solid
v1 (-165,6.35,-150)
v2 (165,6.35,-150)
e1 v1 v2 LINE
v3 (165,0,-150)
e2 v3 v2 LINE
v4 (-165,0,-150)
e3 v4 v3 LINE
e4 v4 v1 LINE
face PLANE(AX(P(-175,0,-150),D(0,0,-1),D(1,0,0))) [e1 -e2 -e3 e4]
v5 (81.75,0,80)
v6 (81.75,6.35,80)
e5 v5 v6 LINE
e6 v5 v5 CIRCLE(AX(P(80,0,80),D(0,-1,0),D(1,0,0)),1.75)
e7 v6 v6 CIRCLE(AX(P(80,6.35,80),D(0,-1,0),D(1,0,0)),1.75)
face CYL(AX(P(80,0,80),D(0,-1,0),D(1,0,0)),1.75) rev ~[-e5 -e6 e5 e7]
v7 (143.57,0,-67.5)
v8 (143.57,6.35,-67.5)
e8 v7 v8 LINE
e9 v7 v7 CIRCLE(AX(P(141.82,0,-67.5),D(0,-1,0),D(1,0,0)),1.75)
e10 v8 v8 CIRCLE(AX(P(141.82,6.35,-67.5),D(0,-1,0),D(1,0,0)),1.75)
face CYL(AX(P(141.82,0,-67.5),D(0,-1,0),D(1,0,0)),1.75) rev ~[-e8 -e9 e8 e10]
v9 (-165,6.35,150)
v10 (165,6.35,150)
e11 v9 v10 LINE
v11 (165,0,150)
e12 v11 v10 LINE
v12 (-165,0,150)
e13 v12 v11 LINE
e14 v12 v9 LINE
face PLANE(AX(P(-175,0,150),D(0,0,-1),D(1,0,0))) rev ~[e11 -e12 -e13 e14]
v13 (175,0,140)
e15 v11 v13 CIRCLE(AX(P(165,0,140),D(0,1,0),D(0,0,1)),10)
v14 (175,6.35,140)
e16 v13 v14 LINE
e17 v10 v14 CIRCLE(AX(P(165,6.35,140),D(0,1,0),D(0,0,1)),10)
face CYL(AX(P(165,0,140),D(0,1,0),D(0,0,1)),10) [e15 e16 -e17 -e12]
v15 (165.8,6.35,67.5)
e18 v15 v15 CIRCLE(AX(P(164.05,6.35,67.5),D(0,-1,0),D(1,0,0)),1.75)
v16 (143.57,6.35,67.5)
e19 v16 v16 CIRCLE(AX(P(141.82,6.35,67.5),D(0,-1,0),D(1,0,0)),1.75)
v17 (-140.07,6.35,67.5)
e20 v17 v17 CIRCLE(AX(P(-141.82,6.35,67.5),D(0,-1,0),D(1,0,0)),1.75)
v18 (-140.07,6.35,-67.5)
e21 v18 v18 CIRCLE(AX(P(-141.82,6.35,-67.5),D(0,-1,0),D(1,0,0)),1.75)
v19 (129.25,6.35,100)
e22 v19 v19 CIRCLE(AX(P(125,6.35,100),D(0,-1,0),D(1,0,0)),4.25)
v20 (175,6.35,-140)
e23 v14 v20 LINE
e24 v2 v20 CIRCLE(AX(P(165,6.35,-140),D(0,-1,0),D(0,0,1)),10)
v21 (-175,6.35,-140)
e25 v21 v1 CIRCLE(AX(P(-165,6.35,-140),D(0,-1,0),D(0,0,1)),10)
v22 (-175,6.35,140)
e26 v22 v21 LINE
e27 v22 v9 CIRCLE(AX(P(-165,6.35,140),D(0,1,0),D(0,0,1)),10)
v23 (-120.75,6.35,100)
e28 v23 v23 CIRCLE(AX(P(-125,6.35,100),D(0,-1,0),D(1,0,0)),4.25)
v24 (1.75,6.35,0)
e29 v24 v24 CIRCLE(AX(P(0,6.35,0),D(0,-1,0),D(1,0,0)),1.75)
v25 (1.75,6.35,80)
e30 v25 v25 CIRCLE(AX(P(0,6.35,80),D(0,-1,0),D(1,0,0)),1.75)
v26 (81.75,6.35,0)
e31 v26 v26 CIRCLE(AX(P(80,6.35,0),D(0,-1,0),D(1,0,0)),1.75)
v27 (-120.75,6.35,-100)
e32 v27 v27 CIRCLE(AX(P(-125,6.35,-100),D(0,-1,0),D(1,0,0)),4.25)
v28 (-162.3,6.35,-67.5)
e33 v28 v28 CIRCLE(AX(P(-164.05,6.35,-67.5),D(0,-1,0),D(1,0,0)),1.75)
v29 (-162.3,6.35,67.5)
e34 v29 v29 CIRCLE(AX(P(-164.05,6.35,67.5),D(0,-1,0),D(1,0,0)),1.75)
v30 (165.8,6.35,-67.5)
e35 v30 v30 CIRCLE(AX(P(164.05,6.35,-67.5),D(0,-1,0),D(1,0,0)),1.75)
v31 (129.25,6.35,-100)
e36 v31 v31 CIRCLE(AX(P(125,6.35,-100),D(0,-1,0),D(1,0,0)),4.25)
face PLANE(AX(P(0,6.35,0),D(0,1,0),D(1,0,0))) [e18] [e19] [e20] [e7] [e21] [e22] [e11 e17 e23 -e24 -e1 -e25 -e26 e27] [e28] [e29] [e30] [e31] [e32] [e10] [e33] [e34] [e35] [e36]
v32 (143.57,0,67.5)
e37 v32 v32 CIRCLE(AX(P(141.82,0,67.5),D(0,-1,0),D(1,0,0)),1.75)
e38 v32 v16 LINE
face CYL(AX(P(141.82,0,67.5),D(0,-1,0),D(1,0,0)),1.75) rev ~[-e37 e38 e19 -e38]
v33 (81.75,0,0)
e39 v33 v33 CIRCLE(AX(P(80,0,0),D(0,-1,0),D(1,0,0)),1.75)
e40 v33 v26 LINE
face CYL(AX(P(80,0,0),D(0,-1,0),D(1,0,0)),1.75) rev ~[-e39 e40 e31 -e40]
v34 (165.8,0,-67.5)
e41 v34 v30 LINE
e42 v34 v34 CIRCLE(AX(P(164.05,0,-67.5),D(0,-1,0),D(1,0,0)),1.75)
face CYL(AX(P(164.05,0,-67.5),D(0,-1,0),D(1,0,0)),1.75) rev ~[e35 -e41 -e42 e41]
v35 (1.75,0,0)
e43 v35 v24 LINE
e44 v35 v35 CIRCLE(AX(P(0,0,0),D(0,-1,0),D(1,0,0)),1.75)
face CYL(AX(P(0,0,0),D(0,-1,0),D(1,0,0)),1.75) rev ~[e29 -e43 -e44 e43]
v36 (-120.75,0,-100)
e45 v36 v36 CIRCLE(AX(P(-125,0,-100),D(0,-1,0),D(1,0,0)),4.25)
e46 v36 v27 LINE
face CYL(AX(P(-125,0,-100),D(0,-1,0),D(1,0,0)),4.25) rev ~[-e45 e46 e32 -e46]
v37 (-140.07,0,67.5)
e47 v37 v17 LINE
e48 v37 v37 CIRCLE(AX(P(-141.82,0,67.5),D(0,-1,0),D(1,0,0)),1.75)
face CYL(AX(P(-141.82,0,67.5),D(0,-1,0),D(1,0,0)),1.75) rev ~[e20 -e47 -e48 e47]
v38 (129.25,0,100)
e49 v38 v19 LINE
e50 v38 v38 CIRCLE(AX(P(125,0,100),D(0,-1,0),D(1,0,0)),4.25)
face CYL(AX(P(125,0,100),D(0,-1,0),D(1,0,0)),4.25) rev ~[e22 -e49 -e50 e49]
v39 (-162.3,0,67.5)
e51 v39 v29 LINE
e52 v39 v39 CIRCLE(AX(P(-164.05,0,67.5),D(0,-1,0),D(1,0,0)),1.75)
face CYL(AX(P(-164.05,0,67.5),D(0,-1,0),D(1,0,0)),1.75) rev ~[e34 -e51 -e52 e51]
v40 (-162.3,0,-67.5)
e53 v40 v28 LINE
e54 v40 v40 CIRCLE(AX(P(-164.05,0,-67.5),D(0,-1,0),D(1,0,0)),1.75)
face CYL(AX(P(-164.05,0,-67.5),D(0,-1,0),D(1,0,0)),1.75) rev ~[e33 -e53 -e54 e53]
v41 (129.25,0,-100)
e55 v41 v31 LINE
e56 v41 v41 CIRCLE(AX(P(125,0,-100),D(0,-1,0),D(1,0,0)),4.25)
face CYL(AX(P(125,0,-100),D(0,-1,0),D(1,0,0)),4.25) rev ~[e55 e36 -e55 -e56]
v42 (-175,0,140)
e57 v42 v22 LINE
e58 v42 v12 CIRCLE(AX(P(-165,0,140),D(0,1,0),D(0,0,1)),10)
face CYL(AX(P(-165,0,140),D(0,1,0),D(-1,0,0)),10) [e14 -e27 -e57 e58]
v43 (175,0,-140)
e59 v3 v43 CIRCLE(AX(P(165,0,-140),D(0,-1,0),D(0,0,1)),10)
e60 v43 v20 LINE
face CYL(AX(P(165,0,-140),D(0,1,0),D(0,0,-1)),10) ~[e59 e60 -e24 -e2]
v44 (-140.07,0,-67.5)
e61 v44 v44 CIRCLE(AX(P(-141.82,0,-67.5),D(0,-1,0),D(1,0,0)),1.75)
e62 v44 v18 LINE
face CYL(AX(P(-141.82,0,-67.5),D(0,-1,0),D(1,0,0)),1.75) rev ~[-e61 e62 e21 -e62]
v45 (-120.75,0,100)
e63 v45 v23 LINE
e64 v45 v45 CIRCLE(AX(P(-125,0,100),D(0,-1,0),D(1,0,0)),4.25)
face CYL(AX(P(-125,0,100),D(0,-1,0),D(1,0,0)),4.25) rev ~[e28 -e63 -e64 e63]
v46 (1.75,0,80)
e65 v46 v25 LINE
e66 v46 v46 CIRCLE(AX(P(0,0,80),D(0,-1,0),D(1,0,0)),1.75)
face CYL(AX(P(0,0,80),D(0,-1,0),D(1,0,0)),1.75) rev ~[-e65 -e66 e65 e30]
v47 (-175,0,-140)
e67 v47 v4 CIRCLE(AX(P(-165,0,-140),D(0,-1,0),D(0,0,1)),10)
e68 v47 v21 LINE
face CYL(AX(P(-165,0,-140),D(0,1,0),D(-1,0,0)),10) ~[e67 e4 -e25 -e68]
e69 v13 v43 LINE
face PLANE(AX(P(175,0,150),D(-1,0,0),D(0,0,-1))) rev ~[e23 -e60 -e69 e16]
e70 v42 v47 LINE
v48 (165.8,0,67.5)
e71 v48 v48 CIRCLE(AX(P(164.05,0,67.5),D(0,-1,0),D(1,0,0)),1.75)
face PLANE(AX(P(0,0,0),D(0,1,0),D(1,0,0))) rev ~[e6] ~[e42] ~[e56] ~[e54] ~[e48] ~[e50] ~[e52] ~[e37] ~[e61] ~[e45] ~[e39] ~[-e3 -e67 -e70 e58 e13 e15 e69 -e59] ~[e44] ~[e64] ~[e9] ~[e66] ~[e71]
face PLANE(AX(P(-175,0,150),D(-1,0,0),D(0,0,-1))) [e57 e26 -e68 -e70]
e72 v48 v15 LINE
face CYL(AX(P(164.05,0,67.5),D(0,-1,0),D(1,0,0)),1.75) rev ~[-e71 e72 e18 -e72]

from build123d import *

# Parameters (mm, degrees)
SKETCH1_W                 = 350
SKETCH1_H                 = 300
BOSS_EXTRUDE1_DEPTH       = 6.35
SKETCH2_R                 = 4.25
CUT_EXTRUDE1_DEPTH        = 7.35
LPATTERN2_COUNT           = 2
LPATTERN2_PITCH           = 200
LPATTERN3_COUNT           = 2
LPATTERN3_PITCH           = 250
LPATTERN3_COPY_1_SKETCH_R = 4.25
LPATTERN3_COPY_1_DEPTH    = 7.35
FILLET1_R                 = 10
SKETCH4_R                 = 1.75
CUT_EXTRUDE2_DEPTH        = 7.35
LPATTERN5_COUNT           = 2
LPATTERN5_PITCH           = 80
LPATTERN5_COUNT_DIR2      = 2
LPATTERN5_PITCH_DIR2      = 80
SKETCH5_R                 = 1.75
CUT_EXTRUDE3_DEPTH        = 7.35
LPATTERN6_COUNT           = 2
LPATTERN6_PITCH           = 22.23
LPATTERN6_COUNT_DIR2      = 2
LPATTERN6_PITCH_DIR2      = 135
SKETCH7_R                 = 1.75
CUT_EXTRUDE4_DEPTH        = 7.35
LPATTERN9_COUNT           = 2
LPATTERN9_PITCH           = 22.23
LPATTERN9_COUNT_DIR2      = 2
LPATTERN9_PITCH_DIR2      = 135


with BuildPart() as part:
    # Sketch1 → Boss-Extrude1 (new body)
    with BuildSketch(Plane(origin=(0, 0, 0), x_dir=(1, 0, 0), z_dir=(0, 1, 0))):
        Rectangle(SKETCH1_W, SKETCH1_H)
    extrude(amount=BOSS_EXTRUDE1_DEPTH)

    # Sketch2 → Cut-Extrude1 (cut, through all)
    with BuildSketch(Plane.XZ):
        with Locations((-125, -100)):
            Circle(SKETCH2_R)
    cut_extrude1 = extrude(amount=-CUT_EXTRUDE1_DEPTH, mode=Mode.SUBTRACT)

    # LPattern2: Cut-Extrude1 ×2
    with Locations(*[(0, 0, i * LPATTERN2_PITCH) for i in range(1, LPATTERN2_COUNT)]):
        add(cut_extrude1, mode=Mode.SUBTRACT)

    # LPattern3: Cut-Extrude1 ×2
    with Locations(*[(i * LPATTERN3_PITCH, 0, 0) for i in range(1, LPATTERN3_COUNT)]):
        add(cut_extrude1, mode=Mode.SUBTRACT)

    # LPattern3 copy 1 sketch → LPattern3 copy 1 (cut, through all)
    with BuildSketch(Plane(origin=(250, 0, 200), x_dir=(1, 0, 0), z_dir=(0, -1, 0))):
        with Locations((-125, -100)):
            Circle(LPATTERN3_COPY_1_SKETCH_R)
    extrude(amount=-LPATTERN3_COPY_1_DEPTH, mode=Mode.SUBTRACT)

    # Fillet1
    fillet1_edges = [part.edges().sort_by_distance(p)[0] for p in [
        (-175, 3.175, -150),
        (175, 3.175, -150),
        (175, 3.175, 150),
        (-175, 3.175, 150),
    ]]
    fillet(fillet1_edges, radius=FILLET1_R)

    # Sketch4 → Cut-Extrude2 (cut, through all)
    with BuildSketch(Plane.XZ):
        Circle(SKETCH4_R)
    cut_extrude2 = extrude(amount=-CUT_EXTRUDE2_DEPTH, mode=Mode.SUBTRACT)

    # LPattern5: Cut-Extrude2 2 × 2
    with Locations(*[(i * LPATTERN5_PITCH, 0, j * LPATTERN5_PITCH_DIR2) for i in range(LPATTERN5_COUNT) for j in range(LPATTERN5_COUNT_DIR2) if (i, j) != (0, 0)]):
        add(cut_extrude2, mode=Mode.SUBTRACT)

    # Sketch5 → Cut-Extrude3 (cut, through all)
    with BuildSketch(Plane.XZ):
        with Locations((-141.82, -67.5)):
            Circle(SKETCH5_R)
    cut_extrude3 = extrude(amount=-CUT_EXTRUDE3_DEPTH, mode=Mode.SUBTRACT)

    # LPattern6: Cut-Extrude3 2 × 2
    with Locations(*[(-i * LPATTERN6_PITCH, 0, j * LPATTERN6_PITCH_DIR2) for i in range(LPATTERN6_COUNT) for j in range(LPATTERN6_COUNT_DIR2) if (i, j) != (0, 0)]):
        add(cut_extrude3, mode=Mode.SUBTRACT)

    # Sketch7 → Cut-Extrude4 (cut, through all)
    with BuildSketch(Plane.XZ):
        with Locations((141.82, -67.5)):
            Circle(SKETCH7_R)
    cut_extrude4 = extrude(amount=-CUT_EXTRUDE4_DEPTH, mode=Mode.SUBTRACT)

    # LPattern9: Cut-Extrude4 2 × 2
    with Locations(*[(i * LPATTERN9_PITCH, 0, j * LPATTERN9_PITCH_DIR2) for i in range(LPATTERN9_COUNT) for j in range(LPATTERN9_COUNT_DIR2) if (i, j) != (0, 0)]):
        add(cut_extrude4, mode=Mode.SUBTRACT)


solid = part.part
